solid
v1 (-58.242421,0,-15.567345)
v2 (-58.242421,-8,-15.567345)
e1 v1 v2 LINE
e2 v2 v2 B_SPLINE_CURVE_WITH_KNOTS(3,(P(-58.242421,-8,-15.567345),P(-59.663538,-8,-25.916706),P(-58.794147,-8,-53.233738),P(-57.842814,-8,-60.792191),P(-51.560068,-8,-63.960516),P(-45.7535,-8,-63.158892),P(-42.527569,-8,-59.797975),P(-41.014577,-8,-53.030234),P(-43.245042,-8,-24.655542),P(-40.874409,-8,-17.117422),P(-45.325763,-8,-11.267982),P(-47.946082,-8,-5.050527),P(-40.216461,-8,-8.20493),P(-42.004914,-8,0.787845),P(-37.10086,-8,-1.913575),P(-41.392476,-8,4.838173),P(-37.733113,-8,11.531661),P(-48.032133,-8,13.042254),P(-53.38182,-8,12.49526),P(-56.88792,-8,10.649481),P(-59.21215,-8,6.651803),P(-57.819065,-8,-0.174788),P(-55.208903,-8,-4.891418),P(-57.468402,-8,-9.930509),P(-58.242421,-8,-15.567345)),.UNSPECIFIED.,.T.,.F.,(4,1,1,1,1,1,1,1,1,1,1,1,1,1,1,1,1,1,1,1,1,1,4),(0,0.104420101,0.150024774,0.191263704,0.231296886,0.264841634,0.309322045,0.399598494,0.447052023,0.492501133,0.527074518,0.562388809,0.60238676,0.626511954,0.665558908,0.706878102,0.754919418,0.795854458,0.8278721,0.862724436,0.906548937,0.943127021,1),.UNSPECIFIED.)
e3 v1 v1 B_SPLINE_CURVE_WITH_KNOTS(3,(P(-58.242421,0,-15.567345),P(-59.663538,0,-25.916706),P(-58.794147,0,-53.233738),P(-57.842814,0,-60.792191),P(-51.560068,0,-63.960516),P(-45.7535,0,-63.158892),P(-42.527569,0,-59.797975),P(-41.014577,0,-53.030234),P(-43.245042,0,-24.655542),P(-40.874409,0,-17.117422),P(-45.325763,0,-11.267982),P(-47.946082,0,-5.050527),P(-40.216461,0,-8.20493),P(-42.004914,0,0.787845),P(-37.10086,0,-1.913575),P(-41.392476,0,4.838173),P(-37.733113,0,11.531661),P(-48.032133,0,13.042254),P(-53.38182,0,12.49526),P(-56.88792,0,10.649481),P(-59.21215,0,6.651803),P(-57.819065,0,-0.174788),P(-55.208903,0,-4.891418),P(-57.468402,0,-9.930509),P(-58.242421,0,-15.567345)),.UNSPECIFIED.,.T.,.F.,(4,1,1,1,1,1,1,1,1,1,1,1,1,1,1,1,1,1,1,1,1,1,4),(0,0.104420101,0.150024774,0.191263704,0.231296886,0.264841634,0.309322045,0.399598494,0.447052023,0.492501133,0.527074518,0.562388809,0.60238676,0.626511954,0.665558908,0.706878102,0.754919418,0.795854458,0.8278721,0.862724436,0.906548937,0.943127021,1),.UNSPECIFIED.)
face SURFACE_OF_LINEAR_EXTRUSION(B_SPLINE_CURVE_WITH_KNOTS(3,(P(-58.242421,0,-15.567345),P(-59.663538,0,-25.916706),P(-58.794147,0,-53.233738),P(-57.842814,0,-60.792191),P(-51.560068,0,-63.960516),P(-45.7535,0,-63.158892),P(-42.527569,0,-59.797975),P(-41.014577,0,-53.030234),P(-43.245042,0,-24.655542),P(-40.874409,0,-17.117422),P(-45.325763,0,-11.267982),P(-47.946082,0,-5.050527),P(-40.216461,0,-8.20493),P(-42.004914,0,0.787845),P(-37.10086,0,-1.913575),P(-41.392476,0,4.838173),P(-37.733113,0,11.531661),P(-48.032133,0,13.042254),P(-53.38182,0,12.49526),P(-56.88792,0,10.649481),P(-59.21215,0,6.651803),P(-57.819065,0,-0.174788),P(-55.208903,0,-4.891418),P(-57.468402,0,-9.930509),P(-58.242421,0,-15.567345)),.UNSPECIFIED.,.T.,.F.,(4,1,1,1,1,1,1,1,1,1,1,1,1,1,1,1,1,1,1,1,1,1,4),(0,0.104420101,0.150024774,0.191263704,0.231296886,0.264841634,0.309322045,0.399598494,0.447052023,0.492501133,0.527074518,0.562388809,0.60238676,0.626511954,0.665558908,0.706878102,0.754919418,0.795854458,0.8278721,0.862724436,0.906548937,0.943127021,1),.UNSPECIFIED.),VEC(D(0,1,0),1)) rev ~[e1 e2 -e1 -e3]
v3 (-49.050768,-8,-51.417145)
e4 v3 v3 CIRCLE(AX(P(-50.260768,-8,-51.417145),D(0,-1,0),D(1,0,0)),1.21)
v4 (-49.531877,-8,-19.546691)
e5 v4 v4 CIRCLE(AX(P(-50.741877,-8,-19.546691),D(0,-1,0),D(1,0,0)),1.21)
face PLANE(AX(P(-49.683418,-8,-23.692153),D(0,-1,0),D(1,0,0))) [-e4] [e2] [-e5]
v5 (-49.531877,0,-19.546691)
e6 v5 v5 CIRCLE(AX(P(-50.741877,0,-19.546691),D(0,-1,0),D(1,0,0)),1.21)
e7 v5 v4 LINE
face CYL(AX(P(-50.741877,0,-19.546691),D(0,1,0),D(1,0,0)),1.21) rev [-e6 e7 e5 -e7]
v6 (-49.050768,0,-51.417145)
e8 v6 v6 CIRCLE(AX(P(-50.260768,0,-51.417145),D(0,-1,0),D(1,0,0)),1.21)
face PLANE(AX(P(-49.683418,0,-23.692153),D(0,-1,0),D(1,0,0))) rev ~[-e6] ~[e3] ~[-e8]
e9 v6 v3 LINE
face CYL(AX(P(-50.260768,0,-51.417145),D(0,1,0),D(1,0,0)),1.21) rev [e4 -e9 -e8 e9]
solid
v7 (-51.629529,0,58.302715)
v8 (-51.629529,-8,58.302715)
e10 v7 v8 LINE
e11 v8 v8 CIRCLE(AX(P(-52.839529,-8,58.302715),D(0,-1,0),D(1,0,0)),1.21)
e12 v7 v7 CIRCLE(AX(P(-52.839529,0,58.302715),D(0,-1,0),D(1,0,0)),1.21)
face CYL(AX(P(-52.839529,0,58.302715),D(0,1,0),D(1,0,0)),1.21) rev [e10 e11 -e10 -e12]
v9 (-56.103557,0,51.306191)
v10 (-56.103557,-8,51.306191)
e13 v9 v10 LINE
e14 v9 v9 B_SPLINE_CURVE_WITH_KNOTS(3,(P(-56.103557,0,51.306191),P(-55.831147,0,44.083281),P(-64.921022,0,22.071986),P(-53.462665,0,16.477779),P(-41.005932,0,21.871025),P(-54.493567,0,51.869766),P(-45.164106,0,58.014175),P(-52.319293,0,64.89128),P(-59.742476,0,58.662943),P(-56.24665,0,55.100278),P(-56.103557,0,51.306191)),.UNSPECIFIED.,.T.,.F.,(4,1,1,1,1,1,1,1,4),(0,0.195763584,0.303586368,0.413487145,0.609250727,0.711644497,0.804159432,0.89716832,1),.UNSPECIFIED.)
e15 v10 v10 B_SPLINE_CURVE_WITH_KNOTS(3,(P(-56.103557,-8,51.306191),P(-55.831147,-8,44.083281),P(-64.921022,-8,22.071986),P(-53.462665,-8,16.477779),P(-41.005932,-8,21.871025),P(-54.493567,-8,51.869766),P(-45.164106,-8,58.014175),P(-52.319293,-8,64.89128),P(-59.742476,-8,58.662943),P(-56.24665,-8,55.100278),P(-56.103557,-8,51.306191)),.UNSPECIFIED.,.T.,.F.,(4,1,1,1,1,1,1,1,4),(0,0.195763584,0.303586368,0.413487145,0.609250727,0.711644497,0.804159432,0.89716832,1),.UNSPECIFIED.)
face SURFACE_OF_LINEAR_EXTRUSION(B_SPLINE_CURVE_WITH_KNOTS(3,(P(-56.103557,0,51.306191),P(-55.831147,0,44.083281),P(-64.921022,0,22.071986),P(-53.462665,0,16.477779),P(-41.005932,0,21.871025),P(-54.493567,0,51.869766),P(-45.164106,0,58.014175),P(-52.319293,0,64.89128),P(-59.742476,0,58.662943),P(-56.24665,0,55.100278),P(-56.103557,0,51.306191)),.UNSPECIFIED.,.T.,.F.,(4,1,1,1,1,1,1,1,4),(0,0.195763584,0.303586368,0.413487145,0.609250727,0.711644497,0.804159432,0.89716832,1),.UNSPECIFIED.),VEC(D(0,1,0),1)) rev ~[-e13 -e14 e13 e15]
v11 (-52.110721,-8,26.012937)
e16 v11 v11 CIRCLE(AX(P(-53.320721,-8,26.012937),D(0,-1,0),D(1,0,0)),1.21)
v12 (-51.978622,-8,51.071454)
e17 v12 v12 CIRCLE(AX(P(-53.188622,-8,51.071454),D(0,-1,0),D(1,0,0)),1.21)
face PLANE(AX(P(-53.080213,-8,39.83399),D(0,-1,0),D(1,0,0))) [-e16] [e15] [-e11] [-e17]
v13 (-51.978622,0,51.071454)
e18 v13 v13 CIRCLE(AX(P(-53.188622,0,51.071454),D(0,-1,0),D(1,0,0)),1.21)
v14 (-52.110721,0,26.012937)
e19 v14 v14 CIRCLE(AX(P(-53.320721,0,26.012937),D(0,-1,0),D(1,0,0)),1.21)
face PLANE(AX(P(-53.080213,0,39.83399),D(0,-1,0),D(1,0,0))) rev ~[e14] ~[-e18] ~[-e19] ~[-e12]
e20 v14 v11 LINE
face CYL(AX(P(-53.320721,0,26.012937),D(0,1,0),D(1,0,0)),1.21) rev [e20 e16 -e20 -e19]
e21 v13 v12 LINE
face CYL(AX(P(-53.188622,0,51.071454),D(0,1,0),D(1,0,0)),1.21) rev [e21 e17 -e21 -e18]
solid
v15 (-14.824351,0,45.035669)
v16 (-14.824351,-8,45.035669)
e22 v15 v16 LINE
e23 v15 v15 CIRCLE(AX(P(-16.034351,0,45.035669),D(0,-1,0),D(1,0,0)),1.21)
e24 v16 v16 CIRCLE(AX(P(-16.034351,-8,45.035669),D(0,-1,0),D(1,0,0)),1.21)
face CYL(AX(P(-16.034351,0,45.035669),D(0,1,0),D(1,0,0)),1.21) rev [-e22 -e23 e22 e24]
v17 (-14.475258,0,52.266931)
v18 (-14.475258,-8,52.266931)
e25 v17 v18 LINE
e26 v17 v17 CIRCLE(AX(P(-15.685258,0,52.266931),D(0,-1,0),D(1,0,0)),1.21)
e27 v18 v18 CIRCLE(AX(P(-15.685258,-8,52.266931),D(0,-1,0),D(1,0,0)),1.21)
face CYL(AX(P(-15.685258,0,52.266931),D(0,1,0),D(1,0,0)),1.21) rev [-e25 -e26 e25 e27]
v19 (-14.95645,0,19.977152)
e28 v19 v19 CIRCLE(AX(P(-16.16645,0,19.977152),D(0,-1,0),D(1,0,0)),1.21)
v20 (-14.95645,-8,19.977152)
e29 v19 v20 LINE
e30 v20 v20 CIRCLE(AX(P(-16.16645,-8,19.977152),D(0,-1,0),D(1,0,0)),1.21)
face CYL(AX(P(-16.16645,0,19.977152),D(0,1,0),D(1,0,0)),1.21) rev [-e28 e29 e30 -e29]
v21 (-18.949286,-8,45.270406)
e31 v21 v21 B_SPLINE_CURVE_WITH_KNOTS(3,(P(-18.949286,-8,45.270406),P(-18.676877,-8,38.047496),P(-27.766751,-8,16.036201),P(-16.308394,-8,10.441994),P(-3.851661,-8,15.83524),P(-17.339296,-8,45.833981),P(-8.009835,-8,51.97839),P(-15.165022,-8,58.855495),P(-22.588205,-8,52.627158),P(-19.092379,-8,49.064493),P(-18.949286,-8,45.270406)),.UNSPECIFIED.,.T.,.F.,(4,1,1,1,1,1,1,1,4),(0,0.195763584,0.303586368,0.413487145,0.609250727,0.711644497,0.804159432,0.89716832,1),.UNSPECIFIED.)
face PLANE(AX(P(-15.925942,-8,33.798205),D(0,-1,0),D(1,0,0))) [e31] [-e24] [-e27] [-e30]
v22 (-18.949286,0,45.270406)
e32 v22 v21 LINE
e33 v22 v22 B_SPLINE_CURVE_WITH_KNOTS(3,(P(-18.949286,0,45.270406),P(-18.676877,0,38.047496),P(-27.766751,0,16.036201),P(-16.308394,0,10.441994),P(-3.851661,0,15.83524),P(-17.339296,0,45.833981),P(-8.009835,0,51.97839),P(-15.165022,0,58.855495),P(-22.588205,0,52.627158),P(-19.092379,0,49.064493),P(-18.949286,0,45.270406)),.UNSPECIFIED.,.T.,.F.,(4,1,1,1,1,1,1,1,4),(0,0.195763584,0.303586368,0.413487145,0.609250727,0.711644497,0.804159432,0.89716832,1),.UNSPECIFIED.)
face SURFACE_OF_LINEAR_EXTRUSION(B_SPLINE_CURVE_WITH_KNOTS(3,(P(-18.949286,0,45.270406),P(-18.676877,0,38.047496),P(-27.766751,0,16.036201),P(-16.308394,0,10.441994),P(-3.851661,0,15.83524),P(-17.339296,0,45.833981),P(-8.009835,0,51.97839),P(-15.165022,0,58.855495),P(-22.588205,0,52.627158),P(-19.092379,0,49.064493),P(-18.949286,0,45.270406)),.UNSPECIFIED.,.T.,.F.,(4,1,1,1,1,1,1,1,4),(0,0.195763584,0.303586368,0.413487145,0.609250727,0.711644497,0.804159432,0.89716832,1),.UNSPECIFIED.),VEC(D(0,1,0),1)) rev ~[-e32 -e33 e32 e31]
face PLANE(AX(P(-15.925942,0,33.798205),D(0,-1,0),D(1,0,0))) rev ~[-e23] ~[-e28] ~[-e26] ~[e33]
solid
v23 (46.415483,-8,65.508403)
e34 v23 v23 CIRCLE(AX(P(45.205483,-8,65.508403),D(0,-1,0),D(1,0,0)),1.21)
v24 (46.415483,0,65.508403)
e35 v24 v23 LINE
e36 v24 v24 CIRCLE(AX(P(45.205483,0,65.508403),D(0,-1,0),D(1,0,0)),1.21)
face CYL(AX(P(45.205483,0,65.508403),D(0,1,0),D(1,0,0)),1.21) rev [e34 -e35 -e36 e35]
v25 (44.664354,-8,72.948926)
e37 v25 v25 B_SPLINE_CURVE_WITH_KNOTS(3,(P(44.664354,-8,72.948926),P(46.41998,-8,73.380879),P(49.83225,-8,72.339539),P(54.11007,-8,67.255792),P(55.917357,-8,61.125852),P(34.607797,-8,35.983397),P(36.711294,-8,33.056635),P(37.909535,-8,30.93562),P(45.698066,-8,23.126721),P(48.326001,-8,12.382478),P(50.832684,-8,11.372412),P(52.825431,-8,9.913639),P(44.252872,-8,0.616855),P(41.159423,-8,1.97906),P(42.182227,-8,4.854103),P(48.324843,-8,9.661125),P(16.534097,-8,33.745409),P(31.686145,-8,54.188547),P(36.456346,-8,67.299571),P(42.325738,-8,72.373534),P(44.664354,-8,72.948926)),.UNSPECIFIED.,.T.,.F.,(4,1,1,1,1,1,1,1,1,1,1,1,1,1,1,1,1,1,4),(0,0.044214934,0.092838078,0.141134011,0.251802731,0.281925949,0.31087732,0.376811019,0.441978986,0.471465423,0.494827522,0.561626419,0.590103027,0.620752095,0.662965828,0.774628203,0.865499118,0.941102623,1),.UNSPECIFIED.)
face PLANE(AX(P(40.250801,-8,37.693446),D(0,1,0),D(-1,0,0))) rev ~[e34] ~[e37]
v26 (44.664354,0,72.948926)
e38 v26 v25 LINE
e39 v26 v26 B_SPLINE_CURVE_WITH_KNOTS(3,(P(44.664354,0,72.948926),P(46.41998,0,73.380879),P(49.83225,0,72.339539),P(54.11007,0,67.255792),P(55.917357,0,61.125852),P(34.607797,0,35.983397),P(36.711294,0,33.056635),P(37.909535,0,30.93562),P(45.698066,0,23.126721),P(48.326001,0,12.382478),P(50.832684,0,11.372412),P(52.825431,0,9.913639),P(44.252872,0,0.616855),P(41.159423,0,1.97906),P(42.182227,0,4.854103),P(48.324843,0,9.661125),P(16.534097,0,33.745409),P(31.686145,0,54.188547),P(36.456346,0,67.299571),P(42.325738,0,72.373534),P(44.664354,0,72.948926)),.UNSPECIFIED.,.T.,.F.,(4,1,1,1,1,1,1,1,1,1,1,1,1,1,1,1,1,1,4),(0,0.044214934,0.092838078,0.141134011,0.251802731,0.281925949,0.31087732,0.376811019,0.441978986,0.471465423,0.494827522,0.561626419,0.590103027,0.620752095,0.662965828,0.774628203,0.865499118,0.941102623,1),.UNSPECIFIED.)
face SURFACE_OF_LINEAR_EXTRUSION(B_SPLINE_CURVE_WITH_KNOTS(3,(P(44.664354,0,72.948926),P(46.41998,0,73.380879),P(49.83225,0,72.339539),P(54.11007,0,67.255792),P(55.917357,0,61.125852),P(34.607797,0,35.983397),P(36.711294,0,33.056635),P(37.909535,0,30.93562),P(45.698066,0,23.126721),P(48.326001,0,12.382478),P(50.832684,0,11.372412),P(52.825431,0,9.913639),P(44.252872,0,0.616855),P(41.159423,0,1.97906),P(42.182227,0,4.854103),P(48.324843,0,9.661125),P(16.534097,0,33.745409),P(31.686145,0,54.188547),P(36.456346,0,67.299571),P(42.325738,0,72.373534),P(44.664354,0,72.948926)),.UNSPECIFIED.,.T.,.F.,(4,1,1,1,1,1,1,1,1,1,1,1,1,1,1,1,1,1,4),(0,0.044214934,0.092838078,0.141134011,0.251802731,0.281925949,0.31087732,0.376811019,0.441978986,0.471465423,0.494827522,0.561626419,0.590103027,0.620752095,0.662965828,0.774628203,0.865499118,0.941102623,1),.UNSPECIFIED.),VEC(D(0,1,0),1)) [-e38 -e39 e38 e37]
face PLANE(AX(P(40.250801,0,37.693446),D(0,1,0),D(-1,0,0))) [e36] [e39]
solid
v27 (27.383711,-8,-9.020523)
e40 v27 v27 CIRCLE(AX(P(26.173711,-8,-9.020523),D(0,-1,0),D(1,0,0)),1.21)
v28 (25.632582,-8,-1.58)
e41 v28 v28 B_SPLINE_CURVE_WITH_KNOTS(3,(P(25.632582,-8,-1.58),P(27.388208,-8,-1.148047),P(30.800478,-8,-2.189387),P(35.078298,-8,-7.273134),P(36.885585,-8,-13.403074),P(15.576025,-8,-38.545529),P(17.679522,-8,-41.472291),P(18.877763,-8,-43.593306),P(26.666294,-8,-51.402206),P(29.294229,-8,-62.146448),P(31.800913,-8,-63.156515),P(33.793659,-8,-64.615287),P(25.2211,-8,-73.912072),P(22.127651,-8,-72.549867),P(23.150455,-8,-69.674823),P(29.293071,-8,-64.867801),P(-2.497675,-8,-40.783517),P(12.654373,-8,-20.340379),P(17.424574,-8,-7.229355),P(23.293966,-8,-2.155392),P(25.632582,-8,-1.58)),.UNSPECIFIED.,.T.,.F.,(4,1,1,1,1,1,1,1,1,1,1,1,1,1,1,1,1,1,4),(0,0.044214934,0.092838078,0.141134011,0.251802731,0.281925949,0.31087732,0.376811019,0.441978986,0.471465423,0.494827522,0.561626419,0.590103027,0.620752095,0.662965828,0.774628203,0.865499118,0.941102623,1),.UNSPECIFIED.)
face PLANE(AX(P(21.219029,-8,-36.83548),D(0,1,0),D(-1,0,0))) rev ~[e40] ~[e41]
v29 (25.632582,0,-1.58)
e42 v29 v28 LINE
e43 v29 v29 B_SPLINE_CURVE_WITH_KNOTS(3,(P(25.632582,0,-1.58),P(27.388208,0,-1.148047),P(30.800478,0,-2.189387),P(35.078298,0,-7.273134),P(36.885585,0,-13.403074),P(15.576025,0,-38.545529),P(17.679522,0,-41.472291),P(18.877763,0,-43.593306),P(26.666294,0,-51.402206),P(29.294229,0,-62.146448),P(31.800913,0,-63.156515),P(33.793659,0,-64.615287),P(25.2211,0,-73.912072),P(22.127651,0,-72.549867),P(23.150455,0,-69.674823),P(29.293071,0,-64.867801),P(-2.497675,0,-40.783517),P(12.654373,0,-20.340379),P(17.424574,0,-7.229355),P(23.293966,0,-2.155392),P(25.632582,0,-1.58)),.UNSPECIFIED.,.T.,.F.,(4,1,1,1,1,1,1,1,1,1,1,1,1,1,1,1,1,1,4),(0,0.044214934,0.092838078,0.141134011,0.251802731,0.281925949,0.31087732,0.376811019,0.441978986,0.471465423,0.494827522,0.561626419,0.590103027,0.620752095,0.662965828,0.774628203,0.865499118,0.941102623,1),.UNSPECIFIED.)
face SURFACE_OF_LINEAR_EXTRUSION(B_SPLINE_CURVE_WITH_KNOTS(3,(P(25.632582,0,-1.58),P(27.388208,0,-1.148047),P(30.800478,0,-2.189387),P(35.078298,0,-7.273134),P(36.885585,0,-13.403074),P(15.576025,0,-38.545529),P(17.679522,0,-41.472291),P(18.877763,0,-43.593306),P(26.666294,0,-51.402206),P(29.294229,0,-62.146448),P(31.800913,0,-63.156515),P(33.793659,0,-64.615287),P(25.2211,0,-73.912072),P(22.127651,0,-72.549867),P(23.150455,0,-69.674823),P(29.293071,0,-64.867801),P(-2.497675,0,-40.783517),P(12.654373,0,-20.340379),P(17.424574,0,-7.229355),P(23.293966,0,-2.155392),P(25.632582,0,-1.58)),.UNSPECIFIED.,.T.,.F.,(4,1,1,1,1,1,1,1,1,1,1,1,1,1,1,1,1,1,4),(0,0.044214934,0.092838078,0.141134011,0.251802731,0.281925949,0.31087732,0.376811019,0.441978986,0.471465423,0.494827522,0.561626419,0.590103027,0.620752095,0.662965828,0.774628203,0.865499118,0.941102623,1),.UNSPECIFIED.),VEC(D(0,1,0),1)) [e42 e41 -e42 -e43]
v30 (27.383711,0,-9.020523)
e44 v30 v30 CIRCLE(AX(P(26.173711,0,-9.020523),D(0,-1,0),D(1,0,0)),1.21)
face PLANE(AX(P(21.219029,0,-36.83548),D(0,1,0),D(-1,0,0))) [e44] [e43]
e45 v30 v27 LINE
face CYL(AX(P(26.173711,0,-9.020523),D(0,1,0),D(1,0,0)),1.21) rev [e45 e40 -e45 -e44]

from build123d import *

# Parameters (mm, degrees)
F0_R     = 1.21
F1_DEPTH = 8


with BuildPart() as f1:
    # F0 (on Front) → F1 (new body)
    with BuildSketch(Plane.XZ):
        with BuildLine():
            add(Edge.make_bspline(
                [(-56.1035573142, 51.3061912625), (-55.8311474581, 44.0832811563), (-64.9210215804, 22.0719858395), (-53.4626646479, 16.4777791931), (-41.0059323854, 21.8710247207), (-54.4935671246, 51.8697660105), (-45.1641059298, 58.0141753331), (-52.319292557, 64.8912802364), (-59.74247627, 58.6629433518), (-56.246650133, 55.100277797), (-56.1035573142, 51.3061912625)],
                knots=[0, 0, 0, 0, 0.1957635838, 0.3035863679, 0.413487145, 0.6092507266, 0.7116444968, 0.8041594316, 0.8971683205, 1, 1, 1, 1], degree=3))
        make_face()
        with Locations((-53.3207207918, 26.012936607)):
            Circle(F0_R, mode=Mode.SUBTRACT)
        with Locations((-53.1886219978, 51.0714538395)):
            Circle(F0_R, mode=Mode.SUBTRACT)
        with Locations((-52.8395287693, 58.3027154207)):
            Circle(F0_R, mode=Mode.SUBTRACT)
    extrude(amount=F1_DEPTH)


with BuildPart() as f1b:
    # F0 (on Front) → F1, piece 2 (new body)
    with BuildSketch(Plane.XZ):
        with BuildLine():
            add(Edge.make_bspline(
                [(-58.2424210501, -15.5673451349), (-59.6635376578, -25.9167055457), (-58.7941472449, -53.2337382337), (-57.8428141527, -60.7921905433), (-51.5600680213, -63.9605164351), (-45.7534997419, -63.1588919581), (-42.5275694173, -59.7979752945), (-41.014577281, -53.0302336521), (-43.2450416036, -24.6555421712), (-40.8744094678, -17.1174224028), (-45.3257629932, -11.2679824767), (-47.9460818415, -5.050527296), (-40.2164605786, -8.2049296087), (-42.0049138669, 0.7878453699), (-37.1008598242, -1.9135753557), (-41.392476256, 4.8381725202), (-37.7331131916, 11.5316612689), (-48.0321332011, 13.0422536954), (-53.3818196141, 12.4952602632), (-56.8879202439, 10.6494812402), (-59.2121499244, 6.6518032346), (-57.8190650714, -0.1747880074), (-55.2089028865, -4.8914182296), (-57.4684021172, -9.9305093841), (-58.2424210501, -15.5673451349)],
                knots=[0, 0, 0, 0, 0.1044201011, 0.1500247743, 0.1912637038, 0.2312968862, 0.2648416336, 0.3093220448, 0.3995984943, 0.4470520226, 0.4925011328, 0.5270745184, 0.5623888094, 0.6023867596, 0.6265119541, 0.6655589081, 0.7068781018, 0.7549194178, 0.795854458, 0.8278720996, 0.8627244359, 0.9065489369, 0.9431270209, 1, 1, 1, 1], degree=3))
        make_face()
        with Locations((-50.2607679068, -51.4171453479)):
            Circle(F0_R, mode=Mode.SUBTRACT)
        with Locations((-50.7418774068, -19.5466913283)):
            Circle(F0_R, mode=Mode.SUBTRACT)
    extrude(amount=F1_DEPTH)


with BuildPart() as f1c:
    # F0 (on Front) → F1, piece 3 (new body)
    with BuildSketch(Plane.XZ):
        with BuildLine():
            add(Edge.make_bspline(
                [(25.6325822598, -1.5800003185), (27.3882082615, -1.1480471725), (30.8004780971, -2.1893873497), (35.0782976894, -7.2731339059), (36.8855852534, -13.4030741456), (15.5760246504, -38.5455291818), (17.6795218125, -41.4722914533), (18.8777627487, -43.5933057838), (26.666293936, -51.402205633), (29.2942289329, -62.1464479036), (31.8009125159, -63.1565146987), (33.7936591102, -64.6152873972), (25.2210995636, -73.912071521), (22.1276514969, -72.5498665399), (23.1504549823, -69.6748232922), (29.2930707477, -64.8678013734), (-2.4976751505, -40.7835168954), (12.6543728909, -20.3403794087), (17.4245738799, -7.2293551048), (23.29396593, -2.1553920476), (25.6325822598, -1.5800003185)],
                knots=[0, 0, 0, 0, 0.0442149337, 0.0928380778, 0.1411340111, 0.2518027309, 0.2819259493, 0.3108773202, 0.3768110193, 0.441978986, 0.4714654235, 0.4948275222, 0.5616264191, 0.5901030269, 0.620752095, 0.6629658281, 0.7746282034, 0.8654991179, 0.9411026234, 1, 1, 1, 1], degree=3))
        make_face()
        with Locations((26.1737107103, -9.0205228868)):
            Circle(F0_R, mode=Mode.SUBTRACT)
    extrude(amount=F1_DEPTH)


with BuildPart() as f1d:
    # F0 (on Front) → F1, piece 4 (new body)
    with BuildSketch(Plane.XZ):
        with BuildLine():
            add(Edge.make_bspline(
                [(-18.94928642, 45.2704063669), (-18.6768765638, 38.0474962607), (-27.7667506861, 16.0362009438), (-16.3083937536, 10.4419942975), (-3.8516614912, 15.8352398251), (-17.3392962304, 45.8339811149), (-8.0098350356, 51.9783904375), (-15.1650216627, 58.8554953408), (-22.5882053758, 52.6271584562), (-19.0923792388, 49.0644929014), (-18.94928642, 45.2704063669)],
                knots=[0, 0, 0, 0, 0.1957635838, 0.3035863679, 0.413487145, 0.6092507266, 0.7116444968, 0.8041594316, 0.8971683205, 1, 1, 1, 1], degree=3))
        make_face()
        with Locations((-16.1664498976, 19.9771517114)):
            Circle(F0_R, mode=Mode.SUBTRACT)
        with Locations((-16.0343511036, 45.0356689439)):
            Circle(F0_R, mode=Mode.SUBTRACT)
        with Locations((-15.685257875, 52.2669305251)):
            Circle(F0_R, mode=Mode.SUBTRACT)
    extrude(amount=F1_DEPTH)


with BuildPart() as f1e:
    # F0 (on Front) → F1, piece 5 (new body)
    with BuildSketch(Plane.XZ):
        with BuildLine():
            add(Edge.make_bspline(
                [(44.6643542402, 72.9489258957), (46.4199802419, 73.3808790417), (49.8322500775, 72.3395388645), (54.1100696698, 67.2557923083), (55.9173572338, 61.1258520686), (34.6077966309, 35.9833970324), (36.7112937929, 33.0566347609), (37.9095347291, 30.9356204304), (45.6980659164, 23.1267205812), (48.3260009133, 12.3824783106), (50.8326844963, 11.3724115155), (52.8254310906, 9.913638817), (44.252871544, 0.6168546932), (41.1594234773, 1.9790596743), (42.1822269627, 4.8541029221), (48.3248427281, 9.6611248408), (16.5340968299, 33.7454093188), (31.6861448713, 54.1885468055), (36.4563458603, 67.2995711094), (42.3257379105, 72.3735341666), (44.6643542402, 72.9489258957)],
                knots=[0, 0, 0, 0, 0.0442149337, 0.0928380778, 0.1411340111, 0.2518027309, 0.2819259493, 0.3108773202, 0.3768110193, 0.441978986, 0.4714654235, 0.4948275222, 0.5616264191, 0.5901030269, 0.620752095, 0.6629658281, 0.7746282034, 0.8654991179, 0.9411026234, 1, 1, 1, 1], degree=3))
        make_face()
        with Locations((45.2054826907, 65.5084033274)):
            Circle(F0_R, mode=Mode.SUBTRACT)
    extrude(amount=F1_DEPTH)


solid = Compound([f1.part, f1b.part, f1c.part, f1d.part, f1e.part])
